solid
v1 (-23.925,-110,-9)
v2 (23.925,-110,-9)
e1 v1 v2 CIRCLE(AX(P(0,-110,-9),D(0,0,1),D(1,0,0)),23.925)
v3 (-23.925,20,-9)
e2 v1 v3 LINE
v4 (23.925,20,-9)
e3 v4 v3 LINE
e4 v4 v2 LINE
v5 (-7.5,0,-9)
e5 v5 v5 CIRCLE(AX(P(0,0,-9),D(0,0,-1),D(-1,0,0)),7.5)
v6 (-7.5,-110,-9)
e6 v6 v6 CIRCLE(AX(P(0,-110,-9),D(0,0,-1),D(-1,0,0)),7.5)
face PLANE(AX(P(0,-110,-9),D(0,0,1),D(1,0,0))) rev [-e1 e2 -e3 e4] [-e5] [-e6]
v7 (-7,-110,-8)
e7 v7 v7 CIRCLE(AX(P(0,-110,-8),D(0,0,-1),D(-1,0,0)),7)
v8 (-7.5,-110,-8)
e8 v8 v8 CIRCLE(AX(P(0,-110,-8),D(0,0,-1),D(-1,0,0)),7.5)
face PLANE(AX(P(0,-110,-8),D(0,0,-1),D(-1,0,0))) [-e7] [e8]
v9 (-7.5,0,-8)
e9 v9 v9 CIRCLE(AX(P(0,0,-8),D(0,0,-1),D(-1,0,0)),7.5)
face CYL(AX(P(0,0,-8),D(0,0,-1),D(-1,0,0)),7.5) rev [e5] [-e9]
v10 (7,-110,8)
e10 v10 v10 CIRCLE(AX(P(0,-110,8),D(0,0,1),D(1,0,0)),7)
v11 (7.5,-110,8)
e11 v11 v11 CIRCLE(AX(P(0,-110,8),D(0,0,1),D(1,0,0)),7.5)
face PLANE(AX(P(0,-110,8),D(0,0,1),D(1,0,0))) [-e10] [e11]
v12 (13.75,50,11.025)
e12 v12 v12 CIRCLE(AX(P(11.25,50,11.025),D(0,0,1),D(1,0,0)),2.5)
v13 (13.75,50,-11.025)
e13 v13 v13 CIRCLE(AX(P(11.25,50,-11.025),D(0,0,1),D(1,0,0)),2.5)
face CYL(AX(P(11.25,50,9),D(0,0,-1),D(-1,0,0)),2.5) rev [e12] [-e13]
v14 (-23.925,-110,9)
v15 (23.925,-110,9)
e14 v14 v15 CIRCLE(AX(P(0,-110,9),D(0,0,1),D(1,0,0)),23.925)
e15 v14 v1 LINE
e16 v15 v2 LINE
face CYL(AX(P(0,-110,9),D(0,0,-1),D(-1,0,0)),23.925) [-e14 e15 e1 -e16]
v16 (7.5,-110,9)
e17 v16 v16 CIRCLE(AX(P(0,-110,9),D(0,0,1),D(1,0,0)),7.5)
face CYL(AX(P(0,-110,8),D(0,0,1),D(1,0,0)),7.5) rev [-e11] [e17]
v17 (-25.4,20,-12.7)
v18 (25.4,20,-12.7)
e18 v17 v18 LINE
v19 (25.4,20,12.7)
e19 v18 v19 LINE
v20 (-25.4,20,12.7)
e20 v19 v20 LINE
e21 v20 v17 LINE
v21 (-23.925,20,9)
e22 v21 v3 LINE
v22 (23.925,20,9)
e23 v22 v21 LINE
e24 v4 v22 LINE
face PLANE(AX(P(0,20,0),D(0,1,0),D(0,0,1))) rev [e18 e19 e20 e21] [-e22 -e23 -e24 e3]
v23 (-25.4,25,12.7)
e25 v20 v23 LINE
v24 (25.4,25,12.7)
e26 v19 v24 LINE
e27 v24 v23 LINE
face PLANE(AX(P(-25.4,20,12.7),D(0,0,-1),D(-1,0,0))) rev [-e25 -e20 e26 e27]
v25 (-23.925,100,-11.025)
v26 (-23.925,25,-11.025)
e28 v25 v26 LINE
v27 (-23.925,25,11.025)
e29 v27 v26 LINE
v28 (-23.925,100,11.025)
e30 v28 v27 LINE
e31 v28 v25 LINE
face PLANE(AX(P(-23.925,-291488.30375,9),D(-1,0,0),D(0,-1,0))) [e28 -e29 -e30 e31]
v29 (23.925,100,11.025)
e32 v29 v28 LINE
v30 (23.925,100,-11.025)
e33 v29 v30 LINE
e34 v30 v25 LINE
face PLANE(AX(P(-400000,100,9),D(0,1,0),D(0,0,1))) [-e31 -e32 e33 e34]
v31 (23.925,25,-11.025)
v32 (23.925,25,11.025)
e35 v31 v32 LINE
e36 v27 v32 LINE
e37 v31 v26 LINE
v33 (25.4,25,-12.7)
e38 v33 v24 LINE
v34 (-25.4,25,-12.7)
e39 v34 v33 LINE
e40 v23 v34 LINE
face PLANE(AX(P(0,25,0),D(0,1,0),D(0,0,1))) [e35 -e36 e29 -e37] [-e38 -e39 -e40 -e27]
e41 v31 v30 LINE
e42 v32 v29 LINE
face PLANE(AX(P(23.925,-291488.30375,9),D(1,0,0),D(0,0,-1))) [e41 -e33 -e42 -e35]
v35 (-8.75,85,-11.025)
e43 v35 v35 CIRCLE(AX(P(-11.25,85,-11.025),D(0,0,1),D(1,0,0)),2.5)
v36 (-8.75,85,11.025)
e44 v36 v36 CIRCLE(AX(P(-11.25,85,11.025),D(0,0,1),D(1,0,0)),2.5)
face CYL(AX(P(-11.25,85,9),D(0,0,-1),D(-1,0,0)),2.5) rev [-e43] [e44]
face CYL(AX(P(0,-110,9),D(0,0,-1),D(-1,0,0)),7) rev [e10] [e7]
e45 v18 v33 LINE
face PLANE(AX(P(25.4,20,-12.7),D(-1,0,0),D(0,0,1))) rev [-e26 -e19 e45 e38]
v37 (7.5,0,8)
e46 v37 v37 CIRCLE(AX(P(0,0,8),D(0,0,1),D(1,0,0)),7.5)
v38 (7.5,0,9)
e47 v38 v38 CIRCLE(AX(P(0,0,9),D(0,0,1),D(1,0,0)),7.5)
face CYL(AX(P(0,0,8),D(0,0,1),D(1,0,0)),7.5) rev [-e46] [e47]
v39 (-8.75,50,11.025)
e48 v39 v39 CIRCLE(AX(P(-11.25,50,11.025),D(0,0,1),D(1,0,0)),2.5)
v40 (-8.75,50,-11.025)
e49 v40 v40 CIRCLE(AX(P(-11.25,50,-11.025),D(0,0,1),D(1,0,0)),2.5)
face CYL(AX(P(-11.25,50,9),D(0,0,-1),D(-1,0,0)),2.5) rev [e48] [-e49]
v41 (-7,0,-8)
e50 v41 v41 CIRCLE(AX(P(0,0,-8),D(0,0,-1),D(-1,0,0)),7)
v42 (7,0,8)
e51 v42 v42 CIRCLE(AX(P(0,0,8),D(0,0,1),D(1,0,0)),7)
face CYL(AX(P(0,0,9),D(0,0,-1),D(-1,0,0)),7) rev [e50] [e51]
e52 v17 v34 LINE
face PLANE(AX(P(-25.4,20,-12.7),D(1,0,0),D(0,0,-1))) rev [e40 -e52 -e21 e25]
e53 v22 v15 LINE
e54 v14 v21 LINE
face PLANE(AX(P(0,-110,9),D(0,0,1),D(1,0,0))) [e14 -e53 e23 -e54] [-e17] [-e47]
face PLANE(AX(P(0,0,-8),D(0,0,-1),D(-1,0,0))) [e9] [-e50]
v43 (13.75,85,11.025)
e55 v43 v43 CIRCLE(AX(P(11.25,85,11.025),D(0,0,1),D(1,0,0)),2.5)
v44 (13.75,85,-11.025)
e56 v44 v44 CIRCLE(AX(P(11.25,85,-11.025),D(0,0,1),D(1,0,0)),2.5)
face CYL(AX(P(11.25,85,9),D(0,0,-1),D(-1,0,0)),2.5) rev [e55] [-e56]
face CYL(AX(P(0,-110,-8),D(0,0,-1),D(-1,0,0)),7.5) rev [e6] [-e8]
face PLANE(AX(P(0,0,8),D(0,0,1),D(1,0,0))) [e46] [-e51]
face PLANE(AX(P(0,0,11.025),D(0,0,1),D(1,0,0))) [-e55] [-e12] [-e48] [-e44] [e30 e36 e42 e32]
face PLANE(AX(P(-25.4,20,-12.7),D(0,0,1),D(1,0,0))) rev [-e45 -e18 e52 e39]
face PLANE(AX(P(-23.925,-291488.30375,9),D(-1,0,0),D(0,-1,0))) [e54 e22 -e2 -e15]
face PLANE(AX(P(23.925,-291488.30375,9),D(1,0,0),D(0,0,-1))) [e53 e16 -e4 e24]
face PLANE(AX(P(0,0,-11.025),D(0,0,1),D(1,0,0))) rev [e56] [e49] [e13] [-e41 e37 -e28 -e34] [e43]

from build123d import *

# Parameters (mm, degrees)
SKETCH1_R           = 7
SKETCH1_R_2         = 2.5
BOSS_EXTRUDE1_DEPTH = 9
SKETCH3_W           = 47.85
SKETCH3_H           = 65
SKETCH3_R           = 2.5
BOSS_EXTRUDE2_DEPTH = 11.025
SKETCH4_R           = 7.5
CUT_EXTRUDE1_DEPTH  = 1
CUT_EXTRUDE2_START  = -1
SKETCH5_R           = 7.5
CUT_EXTRUDE2_DEPTH  = 1
SKETCH6_R           = 7.5
CUT_EXTRUDE3_DEPTH  = 1
CUT_EXTRUDE4_START  = -1
SKETCH7_R           = 7.5
CUT_EXTRUDE4_DEPTH  = 1
BOSS_EXTRUDE3_START = 10
SKETCH8_W           = 50.8
SKETCH8_H           = 25.4
BOSS_EXTRUDE3_DEPTH = 5
SKETCH9_W           = 47.85
SKETCH9_H           = 22.05
BOSS_EXTRUDE4_DEPTH = 10


with BuildPart() as part:
    # Sketch1 → Boss-Extrude1 (new, symmetric)
    with BuildSketch(Plane.XY):
        with BuildLine():
            Line((-23.925, 0), (-23.925, 100))
            Line((-23.925, 100), (23.925, 100))
            Line((23.925, 100), (23.925, 0))
            Line((23.925, 0), (23.925, -110))
            ThreePointArc((23.925, -110), (16.91752974, -126.91752974), (0, -133.925))
            ThreePointArc((0, -133.925), (-16.91752974, -126.91752974), (-23.925, -110))
            Line((-23.925, -110), (-23.925, 0))
        make_face()
        Circle(SKETCH1_R, mode=Mode.SUBTRACT)
        with Locations((-11.25, 85)):
            Circle(SKETCH1_R_2, mode=Mode.SUBTRACT)
        with Locations((11.25, 85)):
            Circle(SKETCH1_R_2, mode=Mode.SUBTRACT)
        with Locations((11.25, 50)):
            Circle(SKETCH1_R_2, mode=Mode.SUBTRACT)
        with Locations((-11.25, 50)):
            Circle(SKETCH1_R_2, mode=Mode.SUBTRACT)
        with Locations((0, -110)):
            Circle(SKETCH1_R, mode=Mode.SUBTRACT)
    extrude(amount=BOSS_EXTRUDE1_DEPTH, both=True)

    # Sketch3 → Boss-Extrude2 (add, symmetric)
    with BuildSketch(Plane.XY):
        with Locations((0, 67.5)):
            Rectangle(SKETCH3_W, SKETCH3_H)
        with Locations((-11.25, 50)):
            Circle(SKETCH3_R, mode=Mode.SUBTRACT)
        with Locations((11.25, 50)):
            Circle(SKETCH3_R, mode=Mode.SUBTRACT)
        with Locations((11.25, 85)):
            Circle(SKETCH3_R, mode=Mode.SUBTRACT)
        with Locations((-11.25, 85)):
            Circle(SKETCH3_R, mode=Mode.SUBTRACT)
    extrude(amount=BOSS_EXTRUDE2_DEPTH, both=True)

    # Sketch4 → Cut-Extrude1 (cut)
    with BuildSketch(Plane.XY.offset(9)):
        with Locations((0, -110)):
            Circle(SKETCH4_R)
    extrude(amount=-CUT_EXTRUDE1_DEPTH, mode=Mode.SUBTRACT)

    # Sketch5 → Cut-Extrude2 (cut)
    with BuildSketch(Plane(origin=(0, 0, -9), x_dir=(-1, 0, 0), z_dir=(0, 0, -1)).offset(CUT_EXTRUDE2_START)):
        with Locations(Location((0, -110, 0), (0, 0, 180))):
            Circle(SKETCH5_R)
    extrude(amount=CUT_EXTRUDE2_DEPTH, mode=Mode.SUBTRACT)

    # Sketch6 → Cut-Extrude3 (cut)
    with BuildSketch(Plane.XY.offset(9)):
        Circle(SKETCH6_R)
    extrude(amount=-CUT_EXTRUDE3_DEPTH, mode=Mode.SUBTRACT)

    # Sketch7 → Cut-Extrude4 (cut)
    with BuildSketch(Plane(origin=(0, 0, -9), x_dir=(-1, 0, 0), z_dir=(0, 0, -1)).offset(CUT_EXTRUDE4_START)):
        with Locations(Location((0, 0, 0), (0, 0, 180))):
            Circle(SKETCH7_R)
    extrude(amount=CUT_EXTRUDE4_DEPTH, mode=Mode.SUBTRACT)

    # Sketch8 → Boss-Extrude3 (add)
    with BuildSketch(Plane.XZ.offset(-35).offset(BOSS_EXTRUDE3_START)):
        Rectangle(SKETCH8_W, SKETCH8_H)
    extrude(amount=BOSS_EXTRUDE3_DEPTH)

    # Sketch9 → Boss-Extrude4 (add)
    with BuildSketch(Plane.XZ.offset(-35)):
        Rectangle(SKETCH9_W, SKETCH9_H)
    extrude(amount=BOSS_EXTRUDE4_DEPTH)


solid = part.part
